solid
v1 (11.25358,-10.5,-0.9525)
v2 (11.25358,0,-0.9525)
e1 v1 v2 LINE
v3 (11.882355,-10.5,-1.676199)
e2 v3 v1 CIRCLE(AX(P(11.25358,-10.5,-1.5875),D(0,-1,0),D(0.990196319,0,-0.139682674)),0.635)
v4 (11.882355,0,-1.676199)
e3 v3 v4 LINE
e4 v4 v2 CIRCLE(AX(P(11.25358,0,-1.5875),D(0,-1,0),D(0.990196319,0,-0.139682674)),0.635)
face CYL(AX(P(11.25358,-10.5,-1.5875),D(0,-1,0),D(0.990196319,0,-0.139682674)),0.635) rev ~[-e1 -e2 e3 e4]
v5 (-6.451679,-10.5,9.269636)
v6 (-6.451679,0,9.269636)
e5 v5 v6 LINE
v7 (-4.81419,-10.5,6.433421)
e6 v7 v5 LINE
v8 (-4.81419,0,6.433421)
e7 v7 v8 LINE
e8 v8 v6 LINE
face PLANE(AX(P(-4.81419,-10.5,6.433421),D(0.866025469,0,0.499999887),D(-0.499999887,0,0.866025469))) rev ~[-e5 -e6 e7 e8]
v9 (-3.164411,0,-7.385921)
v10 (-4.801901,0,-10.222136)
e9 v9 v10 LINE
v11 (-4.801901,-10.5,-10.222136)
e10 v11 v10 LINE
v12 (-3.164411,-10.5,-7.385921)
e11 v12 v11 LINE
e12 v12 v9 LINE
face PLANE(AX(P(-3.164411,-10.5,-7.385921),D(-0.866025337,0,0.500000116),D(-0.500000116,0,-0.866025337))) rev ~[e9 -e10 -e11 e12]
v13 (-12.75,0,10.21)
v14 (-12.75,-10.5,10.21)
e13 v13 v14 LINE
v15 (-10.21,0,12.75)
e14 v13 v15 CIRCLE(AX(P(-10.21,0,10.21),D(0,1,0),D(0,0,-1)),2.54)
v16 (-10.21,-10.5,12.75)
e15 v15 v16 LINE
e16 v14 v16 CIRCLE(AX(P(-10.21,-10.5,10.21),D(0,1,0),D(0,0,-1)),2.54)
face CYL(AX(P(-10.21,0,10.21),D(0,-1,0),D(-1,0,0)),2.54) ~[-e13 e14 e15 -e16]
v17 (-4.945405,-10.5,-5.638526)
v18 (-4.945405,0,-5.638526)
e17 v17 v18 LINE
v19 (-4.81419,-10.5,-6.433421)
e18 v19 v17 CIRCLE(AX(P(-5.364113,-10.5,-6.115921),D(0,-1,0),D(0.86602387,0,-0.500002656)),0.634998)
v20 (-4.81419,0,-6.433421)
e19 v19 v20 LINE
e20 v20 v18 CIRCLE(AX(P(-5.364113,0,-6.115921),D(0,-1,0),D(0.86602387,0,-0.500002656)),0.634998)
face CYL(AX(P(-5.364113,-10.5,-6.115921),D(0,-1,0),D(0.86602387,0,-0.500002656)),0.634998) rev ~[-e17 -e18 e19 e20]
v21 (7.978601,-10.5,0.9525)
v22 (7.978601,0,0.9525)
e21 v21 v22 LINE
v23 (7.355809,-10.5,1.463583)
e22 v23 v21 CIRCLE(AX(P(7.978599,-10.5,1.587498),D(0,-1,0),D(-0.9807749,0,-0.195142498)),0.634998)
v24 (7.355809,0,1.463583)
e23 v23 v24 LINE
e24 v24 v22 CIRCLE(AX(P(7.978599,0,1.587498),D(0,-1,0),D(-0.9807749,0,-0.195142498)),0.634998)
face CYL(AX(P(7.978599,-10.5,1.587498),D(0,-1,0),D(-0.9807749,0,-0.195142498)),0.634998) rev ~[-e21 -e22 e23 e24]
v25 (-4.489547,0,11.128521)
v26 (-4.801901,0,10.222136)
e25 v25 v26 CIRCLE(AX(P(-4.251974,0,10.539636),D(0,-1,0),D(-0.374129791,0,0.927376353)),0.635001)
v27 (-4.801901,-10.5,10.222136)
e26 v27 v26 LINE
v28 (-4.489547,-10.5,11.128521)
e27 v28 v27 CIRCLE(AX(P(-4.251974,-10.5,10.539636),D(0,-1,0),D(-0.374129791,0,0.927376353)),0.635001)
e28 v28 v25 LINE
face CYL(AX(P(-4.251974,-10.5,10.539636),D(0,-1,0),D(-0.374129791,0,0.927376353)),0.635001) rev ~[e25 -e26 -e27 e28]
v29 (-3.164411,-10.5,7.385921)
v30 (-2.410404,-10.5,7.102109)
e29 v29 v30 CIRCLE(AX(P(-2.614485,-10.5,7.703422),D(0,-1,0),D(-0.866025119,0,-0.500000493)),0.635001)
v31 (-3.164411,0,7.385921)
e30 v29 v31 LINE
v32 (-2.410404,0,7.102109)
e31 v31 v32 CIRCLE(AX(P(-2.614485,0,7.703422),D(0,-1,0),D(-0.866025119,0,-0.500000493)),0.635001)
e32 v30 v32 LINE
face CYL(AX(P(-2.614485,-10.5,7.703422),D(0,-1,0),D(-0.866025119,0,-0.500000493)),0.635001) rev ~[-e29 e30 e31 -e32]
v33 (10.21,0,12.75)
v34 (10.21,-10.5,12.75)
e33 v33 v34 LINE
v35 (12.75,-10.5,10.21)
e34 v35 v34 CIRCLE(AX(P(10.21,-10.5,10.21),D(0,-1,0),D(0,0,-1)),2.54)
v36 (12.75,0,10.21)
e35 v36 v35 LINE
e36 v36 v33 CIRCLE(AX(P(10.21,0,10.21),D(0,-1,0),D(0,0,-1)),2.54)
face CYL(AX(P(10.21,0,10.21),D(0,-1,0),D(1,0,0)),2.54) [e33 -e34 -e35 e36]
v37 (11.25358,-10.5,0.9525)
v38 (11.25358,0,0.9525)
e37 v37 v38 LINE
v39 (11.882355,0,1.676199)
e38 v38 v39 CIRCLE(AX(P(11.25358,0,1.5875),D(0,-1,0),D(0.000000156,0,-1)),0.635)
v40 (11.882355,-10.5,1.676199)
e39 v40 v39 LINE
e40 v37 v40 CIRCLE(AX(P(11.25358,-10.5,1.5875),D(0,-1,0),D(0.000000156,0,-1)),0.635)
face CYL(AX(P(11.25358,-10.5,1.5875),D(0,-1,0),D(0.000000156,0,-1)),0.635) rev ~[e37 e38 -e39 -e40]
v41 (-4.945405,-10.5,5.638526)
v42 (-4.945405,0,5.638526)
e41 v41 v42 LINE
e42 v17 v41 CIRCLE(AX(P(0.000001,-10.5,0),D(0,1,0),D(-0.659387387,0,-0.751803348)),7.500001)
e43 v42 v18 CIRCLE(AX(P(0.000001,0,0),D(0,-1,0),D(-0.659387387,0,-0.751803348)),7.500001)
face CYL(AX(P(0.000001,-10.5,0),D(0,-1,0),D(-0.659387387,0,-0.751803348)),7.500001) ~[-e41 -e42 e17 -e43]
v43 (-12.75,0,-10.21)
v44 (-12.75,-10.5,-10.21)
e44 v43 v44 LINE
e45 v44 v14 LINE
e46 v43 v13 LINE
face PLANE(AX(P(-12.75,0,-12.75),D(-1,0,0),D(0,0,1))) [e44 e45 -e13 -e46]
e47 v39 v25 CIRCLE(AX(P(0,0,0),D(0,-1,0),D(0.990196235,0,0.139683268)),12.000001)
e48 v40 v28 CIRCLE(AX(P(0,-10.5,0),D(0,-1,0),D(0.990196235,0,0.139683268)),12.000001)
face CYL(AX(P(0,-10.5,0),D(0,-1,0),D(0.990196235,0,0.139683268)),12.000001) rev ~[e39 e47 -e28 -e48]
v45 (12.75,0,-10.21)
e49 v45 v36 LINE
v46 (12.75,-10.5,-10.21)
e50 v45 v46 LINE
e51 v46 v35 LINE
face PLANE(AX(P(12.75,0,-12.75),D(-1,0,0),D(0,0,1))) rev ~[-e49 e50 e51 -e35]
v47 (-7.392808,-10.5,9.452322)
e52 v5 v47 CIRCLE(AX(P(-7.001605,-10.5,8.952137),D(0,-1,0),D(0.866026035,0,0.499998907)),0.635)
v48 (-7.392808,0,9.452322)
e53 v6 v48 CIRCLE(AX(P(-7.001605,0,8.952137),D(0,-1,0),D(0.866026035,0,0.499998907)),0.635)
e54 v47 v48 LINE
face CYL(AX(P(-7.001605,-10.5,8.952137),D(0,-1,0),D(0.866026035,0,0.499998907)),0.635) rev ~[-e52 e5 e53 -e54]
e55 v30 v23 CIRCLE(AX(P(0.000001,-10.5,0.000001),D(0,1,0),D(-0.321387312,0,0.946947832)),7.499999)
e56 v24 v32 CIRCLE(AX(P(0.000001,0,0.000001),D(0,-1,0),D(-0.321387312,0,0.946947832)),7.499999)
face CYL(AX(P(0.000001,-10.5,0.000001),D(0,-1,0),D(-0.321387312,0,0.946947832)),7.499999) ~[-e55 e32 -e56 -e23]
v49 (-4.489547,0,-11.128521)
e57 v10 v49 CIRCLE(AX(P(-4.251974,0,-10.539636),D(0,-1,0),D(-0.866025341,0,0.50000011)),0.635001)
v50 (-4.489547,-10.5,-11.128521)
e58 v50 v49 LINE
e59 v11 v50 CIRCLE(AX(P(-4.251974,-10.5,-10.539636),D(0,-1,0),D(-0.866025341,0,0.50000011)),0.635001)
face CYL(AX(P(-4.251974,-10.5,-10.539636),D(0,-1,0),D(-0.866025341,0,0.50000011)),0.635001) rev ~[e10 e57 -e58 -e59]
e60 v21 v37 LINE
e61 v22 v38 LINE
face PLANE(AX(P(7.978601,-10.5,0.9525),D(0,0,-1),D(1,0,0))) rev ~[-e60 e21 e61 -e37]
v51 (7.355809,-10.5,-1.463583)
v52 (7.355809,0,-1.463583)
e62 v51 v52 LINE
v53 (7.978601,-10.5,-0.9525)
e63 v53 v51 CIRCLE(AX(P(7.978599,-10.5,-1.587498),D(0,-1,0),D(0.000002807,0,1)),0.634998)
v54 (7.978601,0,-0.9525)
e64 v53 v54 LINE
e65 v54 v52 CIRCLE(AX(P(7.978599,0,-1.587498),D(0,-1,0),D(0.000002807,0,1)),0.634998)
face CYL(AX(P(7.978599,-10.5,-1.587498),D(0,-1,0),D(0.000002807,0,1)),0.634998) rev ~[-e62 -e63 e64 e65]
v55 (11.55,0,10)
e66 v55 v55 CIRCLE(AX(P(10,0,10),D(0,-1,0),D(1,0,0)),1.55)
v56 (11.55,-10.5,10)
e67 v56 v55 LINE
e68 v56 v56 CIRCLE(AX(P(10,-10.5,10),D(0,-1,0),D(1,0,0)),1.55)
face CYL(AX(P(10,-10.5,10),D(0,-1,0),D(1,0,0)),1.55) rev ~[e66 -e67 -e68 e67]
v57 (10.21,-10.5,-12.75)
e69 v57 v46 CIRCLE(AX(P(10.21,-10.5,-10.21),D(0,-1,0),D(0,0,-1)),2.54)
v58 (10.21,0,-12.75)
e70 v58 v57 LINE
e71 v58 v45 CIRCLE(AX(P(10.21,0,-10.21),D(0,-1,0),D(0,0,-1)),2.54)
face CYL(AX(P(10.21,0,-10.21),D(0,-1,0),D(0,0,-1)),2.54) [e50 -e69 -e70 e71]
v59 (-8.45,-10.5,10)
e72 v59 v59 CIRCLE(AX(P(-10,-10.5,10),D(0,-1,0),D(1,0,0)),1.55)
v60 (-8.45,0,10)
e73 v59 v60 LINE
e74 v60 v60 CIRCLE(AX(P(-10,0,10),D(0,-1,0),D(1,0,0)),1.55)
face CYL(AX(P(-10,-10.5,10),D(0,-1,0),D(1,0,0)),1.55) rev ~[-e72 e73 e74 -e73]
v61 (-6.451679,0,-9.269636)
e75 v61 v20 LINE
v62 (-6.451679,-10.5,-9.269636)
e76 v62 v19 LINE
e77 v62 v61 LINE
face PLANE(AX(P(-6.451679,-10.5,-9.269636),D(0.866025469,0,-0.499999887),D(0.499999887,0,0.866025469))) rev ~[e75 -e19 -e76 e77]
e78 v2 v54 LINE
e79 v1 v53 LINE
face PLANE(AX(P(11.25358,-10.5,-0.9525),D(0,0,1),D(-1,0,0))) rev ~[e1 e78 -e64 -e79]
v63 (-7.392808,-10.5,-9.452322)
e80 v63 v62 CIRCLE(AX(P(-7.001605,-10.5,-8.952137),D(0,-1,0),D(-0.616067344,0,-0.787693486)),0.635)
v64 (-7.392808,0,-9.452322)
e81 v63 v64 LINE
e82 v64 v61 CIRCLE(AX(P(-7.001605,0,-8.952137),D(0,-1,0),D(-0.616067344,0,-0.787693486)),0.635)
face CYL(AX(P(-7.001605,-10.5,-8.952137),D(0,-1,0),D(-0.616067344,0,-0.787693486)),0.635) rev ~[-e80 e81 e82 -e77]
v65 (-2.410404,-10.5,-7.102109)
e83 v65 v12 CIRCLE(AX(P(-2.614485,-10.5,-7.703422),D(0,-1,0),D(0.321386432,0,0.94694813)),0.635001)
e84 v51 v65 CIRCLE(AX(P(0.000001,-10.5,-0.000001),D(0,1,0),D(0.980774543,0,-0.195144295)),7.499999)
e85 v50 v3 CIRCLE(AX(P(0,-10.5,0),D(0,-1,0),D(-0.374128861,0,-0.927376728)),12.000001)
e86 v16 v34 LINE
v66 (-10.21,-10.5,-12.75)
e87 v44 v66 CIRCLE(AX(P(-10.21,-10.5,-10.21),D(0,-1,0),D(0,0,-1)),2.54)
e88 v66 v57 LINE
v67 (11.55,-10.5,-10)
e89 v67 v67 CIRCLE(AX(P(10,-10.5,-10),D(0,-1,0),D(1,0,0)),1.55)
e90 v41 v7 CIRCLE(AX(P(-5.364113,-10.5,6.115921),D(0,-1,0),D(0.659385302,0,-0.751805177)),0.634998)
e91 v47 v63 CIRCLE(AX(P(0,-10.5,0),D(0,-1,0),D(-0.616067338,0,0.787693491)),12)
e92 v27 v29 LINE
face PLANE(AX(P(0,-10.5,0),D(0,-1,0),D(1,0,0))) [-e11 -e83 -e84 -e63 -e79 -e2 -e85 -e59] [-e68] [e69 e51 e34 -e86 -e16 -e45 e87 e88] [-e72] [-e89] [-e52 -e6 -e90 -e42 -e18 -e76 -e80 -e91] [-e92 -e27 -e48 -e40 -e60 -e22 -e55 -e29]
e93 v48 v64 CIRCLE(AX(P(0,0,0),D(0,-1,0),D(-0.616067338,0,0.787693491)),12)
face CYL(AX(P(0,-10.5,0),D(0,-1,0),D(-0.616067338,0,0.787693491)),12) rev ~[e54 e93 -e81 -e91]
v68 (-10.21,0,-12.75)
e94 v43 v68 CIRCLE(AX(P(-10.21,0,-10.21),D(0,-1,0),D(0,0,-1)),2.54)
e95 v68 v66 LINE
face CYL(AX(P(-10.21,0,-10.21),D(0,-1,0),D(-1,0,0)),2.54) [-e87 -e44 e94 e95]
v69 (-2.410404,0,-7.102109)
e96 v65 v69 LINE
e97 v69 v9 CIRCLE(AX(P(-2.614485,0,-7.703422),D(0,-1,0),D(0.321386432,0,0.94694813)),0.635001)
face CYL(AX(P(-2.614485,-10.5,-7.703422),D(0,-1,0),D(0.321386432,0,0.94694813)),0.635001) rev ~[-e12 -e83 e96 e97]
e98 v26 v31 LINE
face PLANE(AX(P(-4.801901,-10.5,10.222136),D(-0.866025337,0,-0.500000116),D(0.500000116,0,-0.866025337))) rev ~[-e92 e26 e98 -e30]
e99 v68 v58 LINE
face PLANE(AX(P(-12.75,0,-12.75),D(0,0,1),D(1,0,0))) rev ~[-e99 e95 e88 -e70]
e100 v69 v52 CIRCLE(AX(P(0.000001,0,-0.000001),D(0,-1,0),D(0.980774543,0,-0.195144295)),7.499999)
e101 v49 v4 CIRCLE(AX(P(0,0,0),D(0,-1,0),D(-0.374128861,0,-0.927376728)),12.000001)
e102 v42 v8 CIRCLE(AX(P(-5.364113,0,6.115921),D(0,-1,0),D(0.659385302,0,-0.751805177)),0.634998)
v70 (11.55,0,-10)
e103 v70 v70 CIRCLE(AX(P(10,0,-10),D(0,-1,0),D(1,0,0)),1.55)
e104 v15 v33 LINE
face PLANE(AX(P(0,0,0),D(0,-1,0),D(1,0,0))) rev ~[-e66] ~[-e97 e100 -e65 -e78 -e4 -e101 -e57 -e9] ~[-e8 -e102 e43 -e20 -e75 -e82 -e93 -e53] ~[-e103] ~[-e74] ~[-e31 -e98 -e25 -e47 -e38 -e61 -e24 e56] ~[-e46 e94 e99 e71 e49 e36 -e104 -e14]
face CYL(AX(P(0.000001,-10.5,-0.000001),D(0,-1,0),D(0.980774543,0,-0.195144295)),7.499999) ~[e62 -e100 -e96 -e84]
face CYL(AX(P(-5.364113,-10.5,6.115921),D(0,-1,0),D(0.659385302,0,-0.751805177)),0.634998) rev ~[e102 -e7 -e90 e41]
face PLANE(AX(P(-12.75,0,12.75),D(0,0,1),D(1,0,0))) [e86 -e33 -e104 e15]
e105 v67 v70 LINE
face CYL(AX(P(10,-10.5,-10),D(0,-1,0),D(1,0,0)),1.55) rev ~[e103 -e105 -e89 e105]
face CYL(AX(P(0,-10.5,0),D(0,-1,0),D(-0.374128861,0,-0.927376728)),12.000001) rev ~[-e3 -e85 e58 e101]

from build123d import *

# Parameters (mm, degrees)
F0_W     = 25.5
F0_H     = 25.5
F1_DEPTH = 10.5
F2_R     = 2.54
F3_R     = 1.55
F4_DEPTH = 10.501


with BuildPart() as f1:
    # F0 (on Front) → F1 (new body)
    with BuildSketch(Plane.XZ):
        Rectangle(F0_W, F0_H)
    extrude(amount=F1_DEPTH)

    # F2
    f2_edges = [f1.edges().sort_by_distance(p)[0] for p in [
        (12.75, -5.25, 12.75),
        (-12.75, -5.25, 12.75),
        (12.75, -5.25, -12.75),
        (-12.75, -5.25, -12.75),
    ]]
    fillet(f2_edges, radius=F2_R)

    # F3 (on face) → F4 (cut, through all)
    with BuildSketch(Plane.XZ.offset(10.5)):
        with Locations((-10, 10)):
            Circle(F3_R)
        with Locations((10, 10)):
            Circle(F3_R)
        with Locations((10, -10)):
            Circle(F3_R)
        with BuildLine():
            ThreePointArc((-4.945405, -5.638526), (-7.5, 0), (-4.945405, 5.638526))
            ThreePointArc((-4.945405, 5.638526), (-4.737594, 6.0125), (-4.81419, 6.433421))
            Line((-4.81419, 6.433421), (-6.451679, 9.269636))
            ThreePointArc((-6.451679, 9.269636), (-6.880602, 9.575501), (-7.392808, 9.452322))
            ThreePointArc((-7.392808, 9.452322), (-12, 0), (-7.392808, -9.452322))
            ThreePointArc((-7.392808, -9.452322), (-6.880602, -9.575501), (-6.451679, -9.269636))
            Line((-6.451679, -9.269636), (-4.81419, -6.433421))
            ThreePointArc((-4.81419, -6.433421), (-4.737594, -6.0125), (-4.945405, -5.638526))
        make_face()
        with BuildLine():
            Line((-4.801901, 10.222136), (-3.164411, 7.385921))
            ThreePointArc((-3.164411, 7.385921), (-2.83818, 7.109127), (-2.410404, 7.102109))
            ThreePointArc((-2.410404, 7.102109), (3.75, 6.495191), (7.355809, 1.463583))
            ThreePointArc((7.355809, 1.463583), (7.575774, 1.096627), (7.978601, 0.9525))
            Line((7.978601, 0.9525), (11.25358, 0.9525))
            ThreePointArc((11.25358, 0.9525), (11.732928, 1.171026), (11.882355, 1.676199))
            ThreePointArc((11.882355, 1.676199), (6, 10.392305), (-4.489547, 11.128521))
            ThreePointArc((-4.489547, 11.128521), (-4.852326, 10.746527), (-4.801901, 10.222136))
        make_face()
        with BuildLine():
            Line((11.25358, -0.9525), (7.978601, -0.9525))
            ThreePointArc((7.978601, -0.9525), (7.575774, -1.096627), (7.355809, -1.463583))
            ThreePointArc((7.355809, -1.463583), (3.75, -6.495191), (-2.410404, -7.102109))
            ThreePointArc((-2.410404, -7.102109), (-2.83818, -7.109127), (-3.164411, -7.385921))
            Line((-3.164411, -7.385921), (-4.801901, -10.222136))
            ThreePointArc((-4.801901, -10.222136), (-4.852326, -10.746527), (-4.489547, -11.128521))
            ThreePointArc((-4.489547, -11.128521), (6, -10.392305), (11.882355, -1.676199))
            ThreePointArc((11.882355, -1.676199), (11.732928, -1.171026), (11.25358, -0.9525))
        make_face()
    extrude(amount=-F4_DEPTH, mode=Mode.SUBTRACT)


solid = f1.part
